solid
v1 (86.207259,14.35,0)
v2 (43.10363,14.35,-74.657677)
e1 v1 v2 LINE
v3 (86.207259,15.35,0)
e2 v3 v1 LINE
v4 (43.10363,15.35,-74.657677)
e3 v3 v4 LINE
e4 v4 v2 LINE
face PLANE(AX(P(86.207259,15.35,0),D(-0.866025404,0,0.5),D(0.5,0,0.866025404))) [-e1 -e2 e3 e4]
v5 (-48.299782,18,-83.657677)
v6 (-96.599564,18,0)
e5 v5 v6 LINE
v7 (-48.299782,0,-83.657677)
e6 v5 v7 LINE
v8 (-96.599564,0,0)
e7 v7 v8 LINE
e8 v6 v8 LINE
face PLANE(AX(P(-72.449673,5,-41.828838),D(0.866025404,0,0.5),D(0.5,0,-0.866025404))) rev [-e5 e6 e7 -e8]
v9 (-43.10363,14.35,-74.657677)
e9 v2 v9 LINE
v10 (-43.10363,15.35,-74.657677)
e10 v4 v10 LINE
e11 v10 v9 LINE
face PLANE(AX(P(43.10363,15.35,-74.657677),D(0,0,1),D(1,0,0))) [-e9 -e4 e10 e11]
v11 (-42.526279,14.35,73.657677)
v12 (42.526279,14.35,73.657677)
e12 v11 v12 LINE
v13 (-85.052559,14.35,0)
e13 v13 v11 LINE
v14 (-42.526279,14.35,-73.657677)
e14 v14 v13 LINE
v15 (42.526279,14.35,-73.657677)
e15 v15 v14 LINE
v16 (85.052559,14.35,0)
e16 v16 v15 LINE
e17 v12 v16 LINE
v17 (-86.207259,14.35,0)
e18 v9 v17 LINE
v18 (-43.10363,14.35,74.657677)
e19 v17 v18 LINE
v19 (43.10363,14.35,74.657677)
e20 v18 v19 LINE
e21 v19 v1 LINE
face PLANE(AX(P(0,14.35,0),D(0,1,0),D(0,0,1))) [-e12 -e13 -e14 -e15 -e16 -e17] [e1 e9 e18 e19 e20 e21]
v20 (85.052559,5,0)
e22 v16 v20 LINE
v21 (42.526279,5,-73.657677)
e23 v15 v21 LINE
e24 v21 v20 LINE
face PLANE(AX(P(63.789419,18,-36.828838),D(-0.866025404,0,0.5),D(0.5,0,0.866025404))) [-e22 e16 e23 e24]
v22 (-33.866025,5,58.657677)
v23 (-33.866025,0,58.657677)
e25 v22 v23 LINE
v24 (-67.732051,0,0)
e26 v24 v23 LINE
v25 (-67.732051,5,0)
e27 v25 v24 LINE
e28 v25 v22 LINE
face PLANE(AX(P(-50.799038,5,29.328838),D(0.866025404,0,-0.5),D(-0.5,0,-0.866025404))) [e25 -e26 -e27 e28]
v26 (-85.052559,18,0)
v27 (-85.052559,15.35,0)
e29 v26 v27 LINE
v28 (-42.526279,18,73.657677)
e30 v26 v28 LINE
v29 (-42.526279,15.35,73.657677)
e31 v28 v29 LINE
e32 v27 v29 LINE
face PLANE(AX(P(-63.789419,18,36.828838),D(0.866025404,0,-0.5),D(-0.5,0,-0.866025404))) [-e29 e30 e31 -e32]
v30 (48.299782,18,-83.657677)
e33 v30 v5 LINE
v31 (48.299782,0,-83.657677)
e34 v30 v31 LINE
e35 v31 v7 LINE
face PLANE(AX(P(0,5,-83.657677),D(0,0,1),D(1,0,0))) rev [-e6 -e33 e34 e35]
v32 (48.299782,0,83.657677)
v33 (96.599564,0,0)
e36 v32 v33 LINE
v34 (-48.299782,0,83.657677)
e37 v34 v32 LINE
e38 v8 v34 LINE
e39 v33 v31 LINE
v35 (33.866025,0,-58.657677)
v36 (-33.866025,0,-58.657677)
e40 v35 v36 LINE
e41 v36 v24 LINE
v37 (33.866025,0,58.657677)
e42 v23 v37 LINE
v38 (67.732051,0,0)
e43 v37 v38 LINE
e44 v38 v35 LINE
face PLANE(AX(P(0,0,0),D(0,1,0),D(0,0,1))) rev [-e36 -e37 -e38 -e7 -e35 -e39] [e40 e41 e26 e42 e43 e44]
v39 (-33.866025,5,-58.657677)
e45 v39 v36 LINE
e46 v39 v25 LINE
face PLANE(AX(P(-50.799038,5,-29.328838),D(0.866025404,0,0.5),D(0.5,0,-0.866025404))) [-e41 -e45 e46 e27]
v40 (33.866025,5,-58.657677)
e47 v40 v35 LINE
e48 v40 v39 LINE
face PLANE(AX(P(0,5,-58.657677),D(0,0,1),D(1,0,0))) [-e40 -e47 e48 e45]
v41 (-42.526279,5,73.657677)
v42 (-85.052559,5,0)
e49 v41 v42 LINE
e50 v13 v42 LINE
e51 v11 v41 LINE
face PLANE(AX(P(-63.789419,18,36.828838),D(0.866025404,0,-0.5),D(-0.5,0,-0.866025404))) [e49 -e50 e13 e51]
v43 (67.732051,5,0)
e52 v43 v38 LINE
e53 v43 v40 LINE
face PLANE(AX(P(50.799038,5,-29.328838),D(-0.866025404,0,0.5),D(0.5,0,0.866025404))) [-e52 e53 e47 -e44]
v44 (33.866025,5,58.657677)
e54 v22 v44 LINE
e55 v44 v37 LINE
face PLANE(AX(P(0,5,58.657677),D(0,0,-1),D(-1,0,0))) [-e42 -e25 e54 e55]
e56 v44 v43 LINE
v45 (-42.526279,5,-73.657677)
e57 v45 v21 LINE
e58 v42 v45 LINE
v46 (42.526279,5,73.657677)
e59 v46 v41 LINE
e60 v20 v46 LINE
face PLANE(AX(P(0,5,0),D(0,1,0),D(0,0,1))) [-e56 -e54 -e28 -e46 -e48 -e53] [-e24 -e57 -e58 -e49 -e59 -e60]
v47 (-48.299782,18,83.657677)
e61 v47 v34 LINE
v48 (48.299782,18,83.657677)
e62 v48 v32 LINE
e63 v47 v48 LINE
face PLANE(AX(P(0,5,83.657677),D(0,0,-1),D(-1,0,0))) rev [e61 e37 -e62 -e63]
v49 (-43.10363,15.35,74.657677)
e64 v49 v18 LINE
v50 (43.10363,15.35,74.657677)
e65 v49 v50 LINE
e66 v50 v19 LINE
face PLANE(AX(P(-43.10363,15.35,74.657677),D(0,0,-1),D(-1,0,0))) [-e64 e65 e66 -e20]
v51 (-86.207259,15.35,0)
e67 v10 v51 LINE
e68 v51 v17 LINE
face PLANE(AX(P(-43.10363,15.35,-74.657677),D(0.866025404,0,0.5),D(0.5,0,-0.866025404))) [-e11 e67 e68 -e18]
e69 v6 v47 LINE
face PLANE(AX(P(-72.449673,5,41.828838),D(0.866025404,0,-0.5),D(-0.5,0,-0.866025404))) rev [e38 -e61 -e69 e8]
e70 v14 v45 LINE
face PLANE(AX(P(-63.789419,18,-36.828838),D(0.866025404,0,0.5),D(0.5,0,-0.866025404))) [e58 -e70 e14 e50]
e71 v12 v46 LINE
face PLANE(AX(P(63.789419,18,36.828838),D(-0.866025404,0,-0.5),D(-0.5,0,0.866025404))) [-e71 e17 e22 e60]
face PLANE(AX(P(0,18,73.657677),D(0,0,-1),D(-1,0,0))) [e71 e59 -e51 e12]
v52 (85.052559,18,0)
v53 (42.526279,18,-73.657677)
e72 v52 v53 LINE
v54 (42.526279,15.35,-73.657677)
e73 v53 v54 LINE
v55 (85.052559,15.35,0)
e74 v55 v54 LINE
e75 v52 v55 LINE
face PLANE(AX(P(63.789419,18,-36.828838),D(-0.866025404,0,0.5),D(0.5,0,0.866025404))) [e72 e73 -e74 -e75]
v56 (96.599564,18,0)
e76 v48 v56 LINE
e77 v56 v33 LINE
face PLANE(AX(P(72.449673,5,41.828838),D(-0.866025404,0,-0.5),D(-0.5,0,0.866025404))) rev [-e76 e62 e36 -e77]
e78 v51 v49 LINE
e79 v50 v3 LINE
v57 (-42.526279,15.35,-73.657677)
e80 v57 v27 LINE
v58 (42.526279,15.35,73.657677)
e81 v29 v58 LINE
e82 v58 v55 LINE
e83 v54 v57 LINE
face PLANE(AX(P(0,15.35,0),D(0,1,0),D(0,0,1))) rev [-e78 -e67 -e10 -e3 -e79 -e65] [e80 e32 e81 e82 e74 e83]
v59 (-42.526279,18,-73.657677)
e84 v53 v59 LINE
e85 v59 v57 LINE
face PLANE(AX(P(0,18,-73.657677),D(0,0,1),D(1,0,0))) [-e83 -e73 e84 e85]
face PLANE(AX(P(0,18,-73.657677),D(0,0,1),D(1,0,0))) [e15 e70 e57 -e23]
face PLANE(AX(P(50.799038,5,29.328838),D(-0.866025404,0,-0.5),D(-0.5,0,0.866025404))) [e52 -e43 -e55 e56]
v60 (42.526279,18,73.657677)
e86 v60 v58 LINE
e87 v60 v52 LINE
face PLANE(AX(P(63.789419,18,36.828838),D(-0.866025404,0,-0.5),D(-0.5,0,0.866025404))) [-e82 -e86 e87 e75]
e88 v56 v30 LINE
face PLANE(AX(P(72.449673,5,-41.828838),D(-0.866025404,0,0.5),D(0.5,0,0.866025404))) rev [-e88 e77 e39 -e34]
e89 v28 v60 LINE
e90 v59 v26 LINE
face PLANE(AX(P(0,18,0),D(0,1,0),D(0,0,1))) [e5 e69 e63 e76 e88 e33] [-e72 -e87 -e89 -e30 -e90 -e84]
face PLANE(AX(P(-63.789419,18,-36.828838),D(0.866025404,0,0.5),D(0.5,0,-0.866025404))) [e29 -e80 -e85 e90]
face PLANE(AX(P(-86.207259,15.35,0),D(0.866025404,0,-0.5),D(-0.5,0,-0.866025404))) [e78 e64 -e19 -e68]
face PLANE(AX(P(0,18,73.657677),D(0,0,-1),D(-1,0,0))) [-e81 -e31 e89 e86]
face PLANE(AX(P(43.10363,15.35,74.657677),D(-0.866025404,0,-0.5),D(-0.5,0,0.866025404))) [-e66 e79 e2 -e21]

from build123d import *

# Parameters (mm, degrees)
BOSS_EXTRUDE1_DEPTH = 5
BOSS_EXTRUDE2_DEPTH = 18
CUT_EXTRUDE1_DEPTH  = 1


with BuildPart() as part:
    # Sketch1 → Boss-Extrude1 (new body)
    with BuildSketch(Plane(origin=(0, 0, 0), x_dir=(1, 0, 0), z_dir=(0, 1, 0))):
        Polygon((-96.599564284, 0), (-48.299782142, -83.657676664), (48.299782142, -83.657676664), (96.599564284, 0), (48.299782142, 83.657676664), (-48.299782142, 83.657676664), align=None)
        Polygon((-33.866025412, 58.657676664), (33.866025412, 58.657676664), (67.732050824, 0), (33.866025412, -58.657676664), (-33.866025412, -58.657676664), (-67.732050824, 0), align=None, mode=Mode.SUBTRACT)
    extrude(amount=BOSS_EXTRUDE1_DEPTH)

    # Sketch1<3> → Boss-Extrude2 (add)
    with BuildSketch(Plane(origin=(0, 0, 0), x_dir=(1, 0, 0), z_dir=(0, 1, 0))):
        Polygon((-96.599564284, 0), (-48.299782142, -83.657676664), (48.299782142, -83.657676664), (96.599564284, 0), (48.299782142, 83.657676664), (-48.299782142, 83.657676664), align=None)
        Polygon((42.52627945, -73.657676664), (-42.52627945, -73.657676664), (-85.0525589, 0), (-42.52627945, 73.657676664), (42.52627945, 73.657676664), (85.0525589, 0), align=None, mode=Mode.SUBTRACT)
    extrude(amount=BOSS_EXTRUDE2_DEPTH)

    # Sketch2 → Cut-Extrude1 (cut)
    with BuildSketch(Plane(origin=(0, 14.35, 0), x_dir=(1, 0, 0), z_dir=(0, 1, 0))):
        Polygon((86.207259438, 0), (43.103629719, 74.657676664), (-43.103629719, 74.657676664), (-86.207259438, 0), (-43.103629719, -74.657676664), (43.103629719, -74.657676664), align=None)
        Polygon((85.0525589, 0), (42.52627945, 73.657676664), (-42.52627945, 73.657676664), (-85.0525589, 0), (-42.52627945, -73.657676664), (42.52627945, -73.657676664), align=None, mode=Mode.SUBTRACT)
    extrude(amount=CUT_EXTRUDE1_DEPTH, mode=Mode.SUBTRACT)


solid = part.part
